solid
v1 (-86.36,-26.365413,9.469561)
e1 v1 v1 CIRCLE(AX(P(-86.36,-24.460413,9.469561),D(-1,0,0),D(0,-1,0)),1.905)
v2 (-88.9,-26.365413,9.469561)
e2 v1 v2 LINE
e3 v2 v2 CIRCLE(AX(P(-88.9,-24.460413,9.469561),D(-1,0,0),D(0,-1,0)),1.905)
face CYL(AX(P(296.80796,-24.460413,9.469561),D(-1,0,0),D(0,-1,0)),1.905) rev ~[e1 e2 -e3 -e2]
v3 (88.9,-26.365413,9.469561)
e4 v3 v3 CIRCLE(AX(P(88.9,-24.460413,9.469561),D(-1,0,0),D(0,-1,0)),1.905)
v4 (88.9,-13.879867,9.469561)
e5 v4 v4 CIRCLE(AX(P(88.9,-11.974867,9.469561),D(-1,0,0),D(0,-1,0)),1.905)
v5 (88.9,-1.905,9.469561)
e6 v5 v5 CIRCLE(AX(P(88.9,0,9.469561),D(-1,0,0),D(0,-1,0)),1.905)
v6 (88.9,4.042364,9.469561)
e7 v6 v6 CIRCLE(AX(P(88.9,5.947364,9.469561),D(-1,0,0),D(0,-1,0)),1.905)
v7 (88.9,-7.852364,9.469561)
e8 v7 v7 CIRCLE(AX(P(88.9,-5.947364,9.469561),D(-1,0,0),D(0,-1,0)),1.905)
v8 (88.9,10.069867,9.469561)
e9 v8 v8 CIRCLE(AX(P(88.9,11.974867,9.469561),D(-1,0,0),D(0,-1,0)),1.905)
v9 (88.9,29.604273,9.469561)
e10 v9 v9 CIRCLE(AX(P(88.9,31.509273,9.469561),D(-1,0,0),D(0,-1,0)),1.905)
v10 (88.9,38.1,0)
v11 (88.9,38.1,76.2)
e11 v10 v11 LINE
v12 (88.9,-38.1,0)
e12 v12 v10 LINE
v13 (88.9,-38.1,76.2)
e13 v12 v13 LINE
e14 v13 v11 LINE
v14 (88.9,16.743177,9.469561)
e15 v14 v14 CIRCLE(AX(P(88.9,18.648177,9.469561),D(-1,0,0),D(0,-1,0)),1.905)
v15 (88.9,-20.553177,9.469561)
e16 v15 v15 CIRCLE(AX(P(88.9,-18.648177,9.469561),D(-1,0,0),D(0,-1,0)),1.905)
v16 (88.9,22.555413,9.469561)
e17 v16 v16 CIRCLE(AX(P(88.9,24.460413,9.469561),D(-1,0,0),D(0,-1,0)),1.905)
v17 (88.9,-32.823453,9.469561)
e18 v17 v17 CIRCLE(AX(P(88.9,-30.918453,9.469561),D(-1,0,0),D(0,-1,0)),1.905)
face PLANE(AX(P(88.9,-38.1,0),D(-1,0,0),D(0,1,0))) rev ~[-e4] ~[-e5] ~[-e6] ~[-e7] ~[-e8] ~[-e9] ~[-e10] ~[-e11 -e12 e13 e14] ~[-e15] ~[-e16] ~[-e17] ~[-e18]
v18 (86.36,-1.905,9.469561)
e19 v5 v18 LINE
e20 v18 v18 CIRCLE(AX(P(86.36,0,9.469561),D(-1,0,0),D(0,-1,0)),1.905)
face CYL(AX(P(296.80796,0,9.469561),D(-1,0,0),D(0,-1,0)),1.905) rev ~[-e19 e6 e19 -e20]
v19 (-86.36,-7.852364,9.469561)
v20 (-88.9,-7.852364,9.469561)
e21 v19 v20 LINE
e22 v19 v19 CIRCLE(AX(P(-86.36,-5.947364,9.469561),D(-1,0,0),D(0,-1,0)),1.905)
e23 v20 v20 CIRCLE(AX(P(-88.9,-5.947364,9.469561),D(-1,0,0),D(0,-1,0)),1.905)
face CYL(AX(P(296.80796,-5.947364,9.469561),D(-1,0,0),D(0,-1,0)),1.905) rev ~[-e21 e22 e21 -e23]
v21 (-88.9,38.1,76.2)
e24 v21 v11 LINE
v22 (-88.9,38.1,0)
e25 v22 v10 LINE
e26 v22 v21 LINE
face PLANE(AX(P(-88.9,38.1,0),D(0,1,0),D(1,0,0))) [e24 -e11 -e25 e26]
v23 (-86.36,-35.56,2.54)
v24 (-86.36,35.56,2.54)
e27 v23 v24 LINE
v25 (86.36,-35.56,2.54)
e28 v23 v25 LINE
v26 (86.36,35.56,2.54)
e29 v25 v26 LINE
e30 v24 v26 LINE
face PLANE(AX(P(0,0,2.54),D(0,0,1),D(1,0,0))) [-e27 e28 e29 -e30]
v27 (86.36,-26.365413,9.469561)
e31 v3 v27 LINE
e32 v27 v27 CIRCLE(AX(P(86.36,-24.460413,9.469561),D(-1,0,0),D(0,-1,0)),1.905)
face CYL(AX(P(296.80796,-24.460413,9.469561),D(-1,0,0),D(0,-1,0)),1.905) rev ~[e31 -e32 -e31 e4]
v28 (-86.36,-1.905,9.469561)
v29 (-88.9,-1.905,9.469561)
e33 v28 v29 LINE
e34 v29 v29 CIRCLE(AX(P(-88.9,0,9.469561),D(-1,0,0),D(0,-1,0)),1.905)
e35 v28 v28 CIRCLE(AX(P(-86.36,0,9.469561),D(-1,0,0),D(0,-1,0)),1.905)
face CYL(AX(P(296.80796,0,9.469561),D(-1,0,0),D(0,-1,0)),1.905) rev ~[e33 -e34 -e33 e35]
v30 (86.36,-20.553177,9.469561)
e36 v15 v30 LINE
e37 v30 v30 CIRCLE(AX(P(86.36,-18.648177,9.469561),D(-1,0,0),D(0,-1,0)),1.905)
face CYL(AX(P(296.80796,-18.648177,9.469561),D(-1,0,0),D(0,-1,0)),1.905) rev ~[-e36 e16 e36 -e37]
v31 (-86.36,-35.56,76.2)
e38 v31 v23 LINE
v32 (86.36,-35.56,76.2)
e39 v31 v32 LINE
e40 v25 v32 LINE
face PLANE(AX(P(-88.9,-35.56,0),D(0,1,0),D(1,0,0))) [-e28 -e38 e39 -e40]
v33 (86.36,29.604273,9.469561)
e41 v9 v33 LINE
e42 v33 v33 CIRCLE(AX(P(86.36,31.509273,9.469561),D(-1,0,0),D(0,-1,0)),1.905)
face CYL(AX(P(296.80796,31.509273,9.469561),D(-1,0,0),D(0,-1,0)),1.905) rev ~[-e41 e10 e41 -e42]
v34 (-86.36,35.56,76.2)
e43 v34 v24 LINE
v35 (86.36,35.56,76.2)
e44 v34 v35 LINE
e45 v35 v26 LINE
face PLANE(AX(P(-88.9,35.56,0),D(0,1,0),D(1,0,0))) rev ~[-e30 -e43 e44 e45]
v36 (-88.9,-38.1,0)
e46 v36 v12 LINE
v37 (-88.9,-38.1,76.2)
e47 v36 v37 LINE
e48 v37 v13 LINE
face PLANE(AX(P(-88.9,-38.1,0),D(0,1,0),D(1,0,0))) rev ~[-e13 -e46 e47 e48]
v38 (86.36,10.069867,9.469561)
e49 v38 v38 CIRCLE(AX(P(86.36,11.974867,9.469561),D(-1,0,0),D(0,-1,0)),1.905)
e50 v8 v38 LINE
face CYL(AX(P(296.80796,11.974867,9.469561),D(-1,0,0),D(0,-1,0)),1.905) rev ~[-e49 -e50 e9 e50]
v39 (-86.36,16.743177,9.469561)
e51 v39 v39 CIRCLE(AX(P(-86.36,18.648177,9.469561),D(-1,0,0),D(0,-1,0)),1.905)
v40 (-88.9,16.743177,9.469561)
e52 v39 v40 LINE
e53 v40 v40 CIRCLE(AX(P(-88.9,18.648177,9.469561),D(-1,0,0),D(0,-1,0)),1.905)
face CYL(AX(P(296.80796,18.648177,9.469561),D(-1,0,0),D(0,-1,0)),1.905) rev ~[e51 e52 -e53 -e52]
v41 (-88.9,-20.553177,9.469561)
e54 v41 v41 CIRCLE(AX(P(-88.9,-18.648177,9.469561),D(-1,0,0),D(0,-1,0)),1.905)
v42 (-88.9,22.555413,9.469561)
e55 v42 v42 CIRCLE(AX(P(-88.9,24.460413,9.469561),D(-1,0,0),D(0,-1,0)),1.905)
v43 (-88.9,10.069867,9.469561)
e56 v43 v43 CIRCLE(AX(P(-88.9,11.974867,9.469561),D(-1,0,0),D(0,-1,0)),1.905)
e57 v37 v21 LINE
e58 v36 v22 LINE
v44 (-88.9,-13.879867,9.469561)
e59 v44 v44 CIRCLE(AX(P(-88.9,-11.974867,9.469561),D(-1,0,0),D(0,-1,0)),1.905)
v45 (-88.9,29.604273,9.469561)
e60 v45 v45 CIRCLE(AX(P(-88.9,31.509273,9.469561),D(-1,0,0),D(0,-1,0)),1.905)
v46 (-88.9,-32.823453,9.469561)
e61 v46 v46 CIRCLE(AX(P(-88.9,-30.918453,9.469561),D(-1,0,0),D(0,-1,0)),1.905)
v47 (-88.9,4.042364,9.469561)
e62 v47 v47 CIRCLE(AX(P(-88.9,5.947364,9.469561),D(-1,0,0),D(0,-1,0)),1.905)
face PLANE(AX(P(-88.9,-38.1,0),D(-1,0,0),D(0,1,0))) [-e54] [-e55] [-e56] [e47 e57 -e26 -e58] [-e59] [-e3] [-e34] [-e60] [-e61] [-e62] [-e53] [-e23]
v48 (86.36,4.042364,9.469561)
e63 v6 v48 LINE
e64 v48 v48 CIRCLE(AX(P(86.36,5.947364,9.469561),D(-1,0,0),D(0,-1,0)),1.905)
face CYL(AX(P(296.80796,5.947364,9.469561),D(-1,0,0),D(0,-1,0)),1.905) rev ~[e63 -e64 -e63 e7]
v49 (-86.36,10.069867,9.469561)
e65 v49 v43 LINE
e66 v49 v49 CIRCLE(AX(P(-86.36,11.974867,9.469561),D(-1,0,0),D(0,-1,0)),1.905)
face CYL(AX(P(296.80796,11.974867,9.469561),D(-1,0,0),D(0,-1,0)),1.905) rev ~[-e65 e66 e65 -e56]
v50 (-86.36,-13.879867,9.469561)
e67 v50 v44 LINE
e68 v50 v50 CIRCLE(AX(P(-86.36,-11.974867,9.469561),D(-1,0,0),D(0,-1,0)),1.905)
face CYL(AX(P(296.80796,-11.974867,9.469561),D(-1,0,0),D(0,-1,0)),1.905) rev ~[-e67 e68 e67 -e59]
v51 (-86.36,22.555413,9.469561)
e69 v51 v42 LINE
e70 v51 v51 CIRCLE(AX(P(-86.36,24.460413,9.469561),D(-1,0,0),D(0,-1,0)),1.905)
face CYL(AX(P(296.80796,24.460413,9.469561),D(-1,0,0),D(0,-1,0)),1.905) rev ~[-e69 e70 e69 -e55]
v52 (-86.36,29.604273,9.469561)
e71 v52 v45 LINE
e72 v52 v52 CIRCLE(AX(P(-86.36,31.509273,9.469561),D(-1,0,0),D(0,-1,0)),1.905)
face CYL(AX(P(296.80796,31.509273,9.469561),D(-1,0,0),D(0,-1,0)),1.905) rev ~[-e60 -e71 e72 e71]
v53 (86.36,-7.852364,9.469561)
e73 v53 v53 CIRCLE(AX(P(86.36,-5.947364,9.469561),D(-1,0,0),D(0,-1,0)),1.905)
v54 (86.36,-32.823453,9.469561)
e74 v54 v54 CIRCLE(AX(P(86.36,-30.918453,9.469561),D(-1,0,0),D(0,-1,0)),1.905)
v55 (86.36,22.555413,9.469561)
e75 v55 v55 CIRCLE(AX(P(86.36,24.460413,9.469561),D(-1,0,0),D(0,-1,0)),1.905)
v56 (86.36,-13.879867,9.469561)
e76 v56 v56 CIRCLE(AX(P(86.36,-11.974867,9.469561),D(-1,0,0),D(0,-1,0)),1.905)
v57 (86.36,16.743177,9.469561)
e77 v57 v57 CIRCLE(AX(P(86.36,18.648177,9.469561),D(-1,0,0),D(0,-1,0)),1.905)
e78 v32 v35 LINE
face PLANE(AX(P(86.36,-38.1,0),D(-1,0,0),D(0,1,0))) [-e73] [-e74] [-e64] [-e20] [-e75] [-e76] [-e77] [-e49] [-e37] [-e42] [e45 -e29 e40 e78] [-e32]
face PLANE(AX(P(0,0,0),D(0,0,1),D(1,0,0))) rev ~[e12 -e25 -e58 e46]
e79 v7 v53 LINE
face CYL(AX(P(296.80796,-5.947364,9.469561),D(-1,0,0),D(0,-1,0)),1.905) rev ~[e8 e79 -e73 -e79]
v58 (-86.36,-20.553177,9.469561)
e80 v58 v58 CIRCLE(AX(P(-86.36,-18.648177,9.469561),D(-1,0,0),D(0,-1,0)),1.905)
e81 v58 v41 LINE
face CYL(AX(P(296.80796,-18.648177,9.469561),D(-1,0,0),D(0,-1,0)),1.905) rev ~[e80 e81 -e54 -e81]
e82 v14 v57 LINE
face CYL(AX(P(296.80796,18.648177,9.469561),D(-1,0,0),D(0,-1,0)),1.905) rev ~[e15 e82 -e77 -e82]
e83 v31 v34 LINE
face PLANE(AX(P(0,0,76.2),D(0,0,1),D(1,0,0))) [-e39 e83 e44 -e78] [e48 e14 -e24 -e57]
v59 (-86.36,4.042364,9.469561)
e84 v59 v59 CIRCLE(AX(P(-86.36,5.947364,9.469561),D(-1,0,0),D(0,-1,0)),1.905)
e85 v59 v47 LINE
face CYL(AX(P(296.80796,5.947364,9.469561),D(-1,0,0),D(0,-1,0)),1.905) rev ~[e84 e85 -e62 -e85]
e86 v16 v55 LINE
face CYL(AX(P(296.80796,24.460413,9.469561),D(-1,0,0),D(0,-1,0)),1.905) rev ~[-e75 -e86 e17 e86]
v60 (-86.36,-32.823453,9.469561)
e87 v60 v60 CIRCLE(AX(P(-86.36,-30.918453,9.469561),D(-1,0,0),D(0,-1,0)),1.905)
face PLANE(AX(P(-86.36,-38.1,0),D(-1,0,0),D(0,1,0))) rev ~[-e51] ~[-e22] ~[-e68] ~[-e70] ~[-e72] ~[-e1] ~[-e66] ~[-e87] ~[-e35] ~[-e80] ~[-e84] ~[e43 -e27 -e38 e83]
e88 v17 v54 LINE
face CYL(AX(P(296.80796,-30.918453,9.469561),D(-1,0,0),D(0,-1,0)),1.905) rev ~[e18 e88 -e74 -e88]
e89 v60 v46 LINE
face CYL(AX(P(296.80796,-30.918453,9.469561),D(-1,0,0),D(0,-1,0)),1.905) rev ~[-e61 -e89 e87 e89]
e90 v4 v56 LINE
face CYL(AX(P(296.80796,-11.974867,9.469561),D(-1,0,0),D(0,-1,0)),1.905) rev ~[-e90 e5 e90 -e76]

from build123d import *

# Parameters (mm, degrees)
F0_W     = 177.8
F0_H     = 76.2
F1_DEPTH = 76.2
F3_T     = -2.54
F4_D     = 3.81


with BuildPart() as f1:
    # F0 (on Top) → F1 (new body)
    with BuildSketch(Plane.XY):
        Rectangle(F0_W, F0_H)
    extrude(amount=F1_DEPTH)

    # F3
    f3_openings = [f1.faces().sort_by_distance(p)[0] for p in [
        (0, 0, 76.2),
    ]]
    offset(amount=F3_T, openings=f3_openings)

    # F4 (through all)
    with Locations(Plane.YZ.offset(88.9)):
        with Locations((-30.918453, 9.469561), (-24.460413, 9.469561), (-18.648177, 9.469561), (-5.947364, 9.469561), (-11.974867, 9.469561), (0, 9.469561), (5.947364, 9.469561), (11.974867, 9.469561), (18.648177, 9.469561), (24.460413, 9.469561), (31.509273, 9.469561)):
            Hole(F4_D / 2)


solid = f1.part
